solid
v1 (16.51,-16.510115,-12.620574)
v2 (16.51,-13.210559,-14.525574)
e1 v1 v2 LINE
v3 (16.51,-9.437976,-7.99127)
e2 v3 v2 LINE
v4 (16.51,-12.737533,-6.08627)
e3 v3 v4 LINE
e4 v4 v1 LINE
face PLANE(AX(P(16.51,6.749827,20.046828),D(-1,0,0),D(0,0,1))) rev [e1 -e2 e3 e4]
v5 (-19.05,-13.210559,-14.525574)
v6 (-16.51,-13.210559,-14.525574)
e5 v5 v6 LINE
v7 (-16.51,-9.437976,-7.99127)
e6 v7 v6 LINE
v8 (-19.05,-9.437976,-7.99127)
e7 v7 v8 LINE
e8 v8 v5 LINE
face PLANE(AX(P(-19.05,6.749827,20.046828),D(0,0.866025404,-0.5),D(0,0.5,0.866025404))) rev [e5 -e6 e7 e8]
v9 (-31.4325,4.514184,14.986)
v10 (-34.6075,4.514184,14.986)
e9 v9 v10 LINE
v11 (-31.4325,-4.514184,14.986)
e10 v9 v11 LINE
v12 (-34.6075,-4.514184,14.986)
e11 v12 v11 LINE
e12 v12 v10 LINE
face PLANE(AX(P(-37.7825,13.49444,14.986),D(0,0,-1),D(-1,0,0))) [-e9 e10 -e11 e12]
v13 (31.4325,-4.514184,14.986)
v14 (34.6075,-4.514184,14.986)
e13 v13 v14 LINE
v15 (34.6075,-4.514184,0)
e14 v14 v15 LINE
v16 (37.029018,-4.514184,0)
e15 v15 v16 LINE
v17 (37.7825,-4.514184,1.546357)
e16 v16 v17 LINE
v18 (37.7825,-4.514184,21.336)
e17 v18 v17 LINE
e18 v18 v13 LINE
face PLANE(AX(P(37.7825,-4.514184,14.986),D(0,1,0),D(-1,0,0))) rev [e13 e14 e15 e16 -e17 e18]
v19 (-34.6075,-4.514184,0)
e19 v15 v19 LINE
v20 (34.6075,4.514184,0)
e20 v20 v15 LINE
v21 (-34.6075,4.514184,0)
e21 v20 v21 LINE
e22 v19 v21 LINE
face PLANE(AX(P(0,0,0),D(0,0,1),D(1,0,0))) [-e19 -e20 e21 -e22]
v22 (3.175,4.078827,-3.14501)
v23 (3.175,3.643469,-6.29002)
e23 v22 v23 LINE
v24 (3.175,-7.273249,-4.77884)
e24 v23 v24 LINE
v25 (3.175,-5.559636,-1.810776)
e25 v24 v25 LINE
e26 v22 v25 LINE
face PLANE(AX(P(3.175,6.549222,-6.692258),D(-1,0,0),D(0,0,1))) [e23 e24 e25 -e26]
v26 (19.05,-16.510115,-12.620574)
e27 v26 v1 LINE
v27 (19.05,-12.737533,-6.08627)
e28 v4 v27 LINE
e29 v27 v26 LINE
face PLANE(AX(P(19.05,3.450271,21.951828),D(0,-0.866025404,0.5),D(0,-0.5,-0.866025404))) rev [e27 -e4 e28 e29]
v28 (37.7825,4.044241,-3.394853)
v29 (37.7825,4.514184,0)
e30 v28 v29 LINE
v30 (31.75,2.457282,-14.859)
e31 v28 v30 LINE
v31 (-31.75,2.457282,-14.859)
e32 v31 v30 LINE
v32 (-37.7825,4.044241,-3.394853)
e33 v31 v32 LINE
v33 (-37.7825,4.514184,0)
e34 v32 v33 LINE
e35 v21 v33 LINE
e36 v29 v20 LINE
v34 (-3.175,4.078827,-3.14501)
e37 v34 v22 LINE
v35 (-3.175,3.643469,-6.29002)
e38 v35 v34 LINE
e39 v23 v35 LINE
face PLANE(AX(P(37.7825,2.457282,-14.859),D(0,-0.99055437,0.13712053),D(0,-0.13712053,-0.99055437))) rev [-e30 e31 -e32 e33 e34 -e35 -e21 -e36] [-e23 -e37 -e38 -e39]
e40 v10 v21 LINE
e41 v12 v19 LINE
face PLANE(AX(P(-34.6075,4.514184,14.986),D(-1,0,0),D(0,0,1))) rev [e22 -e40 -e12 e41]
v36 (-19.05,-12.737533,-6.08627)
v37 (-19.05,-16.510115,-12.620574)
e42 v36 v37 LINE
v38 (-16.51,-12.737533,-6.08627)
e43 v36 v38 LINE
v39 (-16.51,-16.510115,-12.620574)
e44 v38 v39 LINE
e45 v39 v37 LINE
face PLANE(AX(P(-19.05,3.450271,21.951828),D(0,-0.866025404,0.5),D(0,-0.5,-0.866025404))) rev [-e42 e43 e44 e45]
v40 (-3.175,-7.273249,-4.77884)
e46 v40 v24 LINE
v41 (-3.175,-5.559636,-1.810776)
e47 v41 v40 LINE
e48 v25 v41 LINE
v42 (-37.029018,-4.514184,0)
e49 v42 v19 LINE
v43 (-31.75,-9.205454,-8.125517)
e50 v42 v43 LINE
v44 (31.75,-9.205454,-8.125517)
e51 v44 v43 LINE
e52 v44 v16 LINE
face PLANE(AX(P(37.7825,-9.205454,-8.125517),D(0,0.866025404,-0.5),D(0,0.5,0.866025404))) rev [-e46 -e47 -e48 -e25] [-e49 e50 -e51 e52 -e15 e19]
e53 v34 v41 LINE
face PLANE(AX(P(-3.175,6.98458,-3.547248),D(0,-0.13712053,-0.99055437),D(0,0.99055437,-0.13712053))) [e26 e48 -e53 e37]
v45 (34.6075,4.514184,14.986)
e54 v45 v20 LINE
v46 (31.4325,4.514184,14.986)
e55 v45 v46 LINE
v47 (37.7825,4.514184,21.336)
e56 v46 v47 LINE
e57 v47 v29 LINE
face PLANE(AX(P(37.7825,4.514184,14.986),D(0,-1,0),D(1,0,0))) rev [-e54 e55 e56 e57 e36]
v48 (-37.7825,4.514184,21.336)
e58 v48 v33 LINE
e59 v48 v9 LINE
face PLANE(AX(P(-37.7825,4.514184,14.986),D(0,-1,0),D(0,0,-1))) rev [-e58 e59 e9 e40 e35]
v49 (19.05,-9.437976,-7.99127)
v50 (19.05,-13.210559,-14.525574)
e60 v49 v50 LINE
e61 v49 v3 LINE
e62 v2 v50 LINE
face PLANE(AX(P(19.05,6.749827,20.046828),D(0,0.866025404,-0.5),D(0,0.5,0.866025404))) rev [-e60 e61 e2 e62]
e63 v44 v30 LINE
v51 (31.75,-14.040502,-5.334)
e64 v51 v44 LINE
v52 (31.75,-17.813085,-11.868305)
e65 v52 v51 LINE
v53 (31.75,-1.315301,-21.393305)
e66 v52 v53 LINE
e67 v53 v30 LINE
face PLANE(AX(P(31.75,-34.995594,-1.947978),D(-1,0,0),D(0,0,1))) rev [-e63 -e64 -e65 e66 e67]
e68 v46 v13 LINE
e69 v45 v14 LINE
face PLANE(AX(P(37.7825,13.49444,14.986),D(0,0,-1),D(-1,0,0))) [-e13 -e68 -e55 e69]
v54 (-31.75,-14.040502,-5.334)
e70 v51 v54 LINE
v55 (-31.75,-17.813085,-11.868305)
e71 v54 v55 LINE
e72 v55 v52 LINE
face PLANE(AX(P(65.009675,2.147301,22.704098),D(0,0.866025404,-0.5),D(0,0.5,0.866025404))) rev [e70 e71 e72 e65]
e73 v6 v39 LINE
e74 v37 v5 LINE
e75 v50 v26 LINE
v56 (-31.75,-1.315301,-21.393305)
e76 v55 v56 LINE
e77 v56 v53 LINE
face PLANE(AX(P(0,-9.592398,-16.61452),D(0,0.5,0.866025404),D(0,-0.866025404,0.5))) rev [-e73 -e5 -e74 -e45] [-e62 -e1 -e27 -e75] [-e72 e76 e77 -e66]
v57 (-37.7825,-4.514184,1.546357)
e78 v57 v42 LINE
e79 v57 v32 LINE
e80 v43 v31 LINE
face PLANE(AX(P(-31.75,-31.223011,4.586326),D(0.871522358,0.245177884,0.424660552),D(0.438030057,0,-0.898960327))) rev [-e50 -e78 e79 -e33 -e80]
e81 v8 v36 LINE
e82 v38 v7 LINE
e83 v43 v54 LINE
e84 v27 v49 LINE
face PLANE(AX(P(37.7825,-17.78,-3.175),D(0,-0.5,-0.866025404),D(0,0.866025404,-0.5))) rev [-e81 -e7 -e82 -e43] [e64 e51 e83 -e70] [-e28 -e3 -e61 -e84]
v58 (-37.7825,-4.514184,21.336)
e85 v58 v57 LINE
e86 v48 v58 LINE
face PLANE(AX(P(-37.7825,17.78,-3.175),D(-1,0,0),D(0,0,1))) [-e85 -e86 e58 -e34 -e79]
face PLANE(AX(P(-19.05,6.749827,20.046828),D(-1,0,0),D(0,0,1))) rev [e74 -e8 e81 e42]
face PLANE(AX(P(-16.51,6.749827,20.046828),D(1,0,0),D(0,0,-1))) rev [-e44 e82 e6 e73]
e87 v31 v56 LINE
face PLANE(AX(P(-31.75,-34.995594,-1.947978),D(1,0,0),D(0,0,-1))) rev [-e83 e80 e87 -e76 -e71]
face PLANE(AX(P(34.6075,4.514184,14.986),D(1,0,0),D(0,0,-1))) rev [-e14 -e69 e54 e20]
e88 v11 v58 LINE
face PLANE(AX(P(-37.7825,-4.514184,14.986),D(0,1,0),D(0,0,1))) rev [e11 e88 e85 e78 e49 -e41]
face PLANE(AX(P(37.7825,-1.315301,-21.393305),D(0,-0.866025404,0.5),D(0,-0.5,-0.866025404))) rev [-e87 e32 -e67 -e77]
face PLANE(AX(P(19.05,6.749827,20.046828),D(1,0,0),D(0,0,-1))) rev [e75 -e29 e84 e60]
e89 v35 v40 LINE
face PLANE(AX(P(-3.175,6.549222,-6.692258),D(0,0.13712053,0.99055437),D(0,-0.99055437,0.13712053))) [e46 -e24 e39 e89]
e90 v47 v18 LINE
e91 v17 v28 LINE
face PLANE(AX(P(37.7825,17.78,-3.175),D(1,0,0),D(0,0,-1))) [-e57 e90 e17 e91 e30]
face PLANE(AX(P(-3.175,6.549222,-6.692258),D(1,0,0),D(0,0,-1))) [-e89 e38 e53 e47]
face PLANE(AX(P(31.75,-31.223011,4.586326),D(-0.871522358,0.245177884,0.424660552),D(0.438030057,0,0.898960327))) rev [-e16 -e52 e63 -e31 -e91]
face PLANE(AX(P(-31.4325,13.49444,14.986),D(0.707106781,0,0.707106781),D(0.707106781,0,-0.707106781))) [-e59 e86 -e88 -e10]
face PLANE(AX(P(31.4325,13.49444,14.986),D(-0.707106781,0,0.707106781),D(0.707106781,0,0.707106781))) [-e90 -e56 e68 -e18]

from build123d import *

# Parameters (mm, degrees)
SKETCH1_W                      = 75.565
SKETCH1_H                      = 35.56
BOSS_EXTRUDE1_DEPTH            = 3.175
SKETCH6_W                      = 3.175
SKETCH6_H                      = 9.028368652
BOSS_EXTRUDE4_DEPTH            = 14.986
BOSS_EXTRUDE6_DEPTH            = 9.028368652
BOSS_EXTRUDE7_DEPTH            = 75.565
SKETCH10_W                     = 75.565
SKETCH10_H                     = 23.368
BOSS_EXTRUDE8_DEPTH            = 7.545165067
CUT_EXTRUDE1_DEPTH             = 82.438667238
CUT_EXTRUDE2_REACH             = 52.836
SKETCH12_W                     = 6.35
SKETCH12_H                     = 3.175
CUT_EXTRUDE2_DIRECTION_2_DEPTH = 51.836411552
CUT_EXTRUDE3_DEPTH             = 55.765947786
CUT_EXTRUDE4_REACH             = 57.378
SKETCH14_W                     = 2.54
SKETCH14_H                     = 3.81
CUT_EXTRUDE5_REACH             = 57.378
SKETCH15_W                     = 114.661215645
SKETCH15_H                     = 6.578342779


with BuildPart() as part:
    # Sketch1 → Boss-Extrude1 (new body)
    with BuildSketch(Plane.XY):
        Rectangle(SKETCH1_W, SKETCH1_H)
    extrude(amount=-BOSS_EXTRUDE1_DEPTH)

    # Sketch6 → Boss-Extrude4 (add)
    with BuildSketch(Plane.XY):
        with Locations((-36.195, 0)):
            Rectangle(SKETCH6_W, SKETCH6_H)
        with Locations((36.195, 0)):
            Rectangle(SKETCH6_W, SKETCH6_H)
    extrude(amount=BOSS_EXTRUDE4_DEPTH)

    # Sketch8 → Boss-Extrude6 (add)
    with BuildSketch(Plane.XZ.offset(4.514184326)):
        Polygon((-37.7825, 14.986), (-31.4325, 14.986), (-37.7825, 21.336), align=None)
        Polygon((37.7825, 14.986), (31.4325, 14.986), (37.7825, 21.336), align=None)
    extrude(amount=-BOSS_EXTRUDE6_DEPTH)

    # Sketch9 → Boss-Extrude7 (add)
    with BuildSketch(Plane.ZY.offset(37.7825)):
        Polygon((-3.175, 17.78), (-18.572931679, 8.89), (-3.175, -17.78), align=None)
    extrude(amount=-BOSS_EXTRUDE7_DEPTH)

    # Sketch10 → Boss-Extrude8 (add)
    with BuildSketch(Plane(origin=(0, -5.819815329, -10.08021584), x_dir=(-1, 0, 0), z_dir=(0, -0.5000000000000012, -0.8660254037844378))):
        with Locations((0, -2.126431679)):
            Rectangle(SKETCH10_W, SKETCH10_H)
    extrude(amount=BOSS_EXTRUDE8_DEPTH)

    # Sketch11 → Cut-Extrude1 (cut, through all)
    with BuildSketch(Plane.ZY.offset(37.7825)):
        Polygon((-14.859, 2.457281636), (0, 4.514184326), (36.888684706, 18.275511072), (5.286071508, 25.150339228), (-30.3838484, 8.233222823), align=None)
        Polygon((-3.175, -17.78), (-8.125516688, -9.205453573), (0, -4.514184326), (40.158547499, -20.406390647), (15.599703883, -25.394905756), align=None)
    extrude(amount=-CUT_EXTRUDE1_DEPTH, mode=Mode.SUBTRACT)

    # Cut-Extrude2: up to this plane
    cut_extrude2_end = Plane(origin=(37.7825, -9.205453573, -8.125516688), z_dir=(0, 0.8660254037844387, -0.5))
    # Sketch12 → Cut-Extrude2 (cut, up to the surface)
    with BuildSketch(Plane(origin=(0, 4.429308453, -0.61314062), x_dir=(1, 0, 0), z_dir=(0, 0.9905543702216955, -0.13712052958875431)), mode=Mode.PRIVATE) as cut_extrude2_sk1:
        with Locations((0, 4.143512655)):
            Rectangle(SKETCH12_W, SKETCH12_H)
    cut_extrude2_tool1 = split(extrude(cut_extrude2_sk1.sketch, amount=-CUT_EXTRUDE2_REACH, mode=Mode.PRIVATE), bisect_by=cut_extrude2_end, keep=Keep.BOTH, mode=Mode.PRIVATE)
    add(cut_extrude2_tool1.solids().sort_by_distance((0, 3.861148, -4.717515))[0], mode=Mode.SUBTRACT)

    # Sketch12 → Cut-Extrude2 direction 2 (cut)
    with BuildSketch(Plane(origin=(0, 4.429308453, -0.61314062), x_dir=(1, 0, 0), z_dir=(0, 0.9905543702216955, -0.13712052958875431))):
        with Locations((0, 4.143512655)):
            Rectangle(SKETCH12_W, SKETCH12_H)
    extrude(amount=CUT_EXTRUDE2_DIRECTION_2_DEPTH, mode=Mode.SUBTRACT)

    # Sketch13 → Cut-Extrude3 (cut, through all)
    with BuildSketch(Plane(origin=(0, 8.277096964, -4.77878416), x_dir=(1, 0, 0), z_dir=(0, 0.8660254037844379, -0.5000000000000012))):
        Polygon((-31.75, 11.639630657), (-37.7825, 0.917907837), (-37.7825, 11.639630657), (-37.7825, 19.184795724), (-31.75, 19.184795724), align=None)
        Polygon((37.7825, 0.917907837), (37.7825, 11.639630657), (37.7825, 19.184795724), (31.75, 19.184795724), (31.75, 11.639630657), align=None)
    extrude(amount=-CUT_EXTRUDE3_DEPTH, mode=Mode.SUBTRACT)

    # Sketch14 → Cut-Extrude4 (cut, up to next)
    with BuildSketch(Plane(origin=(0, -9.592397862, -16.614520463), x_dir=(-1, 0, 0), z_dir=(0, -0.5000000000000013, -0.8660254037844379)), mode=Mode.PRIVATE) as cut_extrude4_sk1:
        with Locations((-17.78, -6.082892111)):
            Rectangle(SKETCH14_W, SKETCH14_H)
    cut_extrude4_tool1 = extrude(cut_extrude4_sk1.sketch, amount=-CUT_EXTRUDE4_REACH, mode=Mode.PRIVATE) & part.part
    # Sketch14 → Cut-Extrude4 (cut, up to next)
    with BuildSketch(Plane(origin=(0, -9.592397862, -16.614520463), x_dir=(-1, 0, 0), z_dir=(0, -0.5000000000000013, -0.8660254037844379)), mode=Mode.PRIVATE) as cut_extrude4_sk2:
        with Locations((17.78, -6.082892111)):
            Rectangle(SKETCH14_W, SKETCH14_H)
    cut_extrude4_tool2 = extrude(cut_extrude4_sk2.sketch, amount=-CUT_EXTRUDE4_REACH, mode=Mode.PRIVATE) & part.part
    add(cut_extrude4_tool1.solids().sort_by_distance((17.78, -14.860337, -13.573074))[0], mode=Mode.SUBTRACT)
    add(cut_extrude4_tool2.solids().sort_by_distance((-17.78, -14.860337, -13.573074))[0], mode=Mode.SUBTRACT)

    # Sketch15 → Cut-Extrude5 (cut, up to next)
    with BuildSketch(Plane(origin=(0, -9.592397862, -16.614520463), x_dir=(-1, 0, 0), z_dir=(0, -0.5000000000000012, -0.8660254037844378)), mode=Mode.PRIVATE) as cut_extrude5_sk1:
        with Locations((-7.679066914, -12.781603069)):
            Rectangle(SKETCH15_W, SKETCH15_H)
    cut_extrude5_tool1 = extrude(cut_extrude5_sk1.sketch, amount=-CUT_EXTRUDE5_REACH, mode=Mode.PRIVATE) & part.part
    add(cut_extrude5_tool1.solids().sort_by_distance((7.679067, -20.661591, -10.223719))[0], mode=Mode.SUBTRACT)


solid = part.part
